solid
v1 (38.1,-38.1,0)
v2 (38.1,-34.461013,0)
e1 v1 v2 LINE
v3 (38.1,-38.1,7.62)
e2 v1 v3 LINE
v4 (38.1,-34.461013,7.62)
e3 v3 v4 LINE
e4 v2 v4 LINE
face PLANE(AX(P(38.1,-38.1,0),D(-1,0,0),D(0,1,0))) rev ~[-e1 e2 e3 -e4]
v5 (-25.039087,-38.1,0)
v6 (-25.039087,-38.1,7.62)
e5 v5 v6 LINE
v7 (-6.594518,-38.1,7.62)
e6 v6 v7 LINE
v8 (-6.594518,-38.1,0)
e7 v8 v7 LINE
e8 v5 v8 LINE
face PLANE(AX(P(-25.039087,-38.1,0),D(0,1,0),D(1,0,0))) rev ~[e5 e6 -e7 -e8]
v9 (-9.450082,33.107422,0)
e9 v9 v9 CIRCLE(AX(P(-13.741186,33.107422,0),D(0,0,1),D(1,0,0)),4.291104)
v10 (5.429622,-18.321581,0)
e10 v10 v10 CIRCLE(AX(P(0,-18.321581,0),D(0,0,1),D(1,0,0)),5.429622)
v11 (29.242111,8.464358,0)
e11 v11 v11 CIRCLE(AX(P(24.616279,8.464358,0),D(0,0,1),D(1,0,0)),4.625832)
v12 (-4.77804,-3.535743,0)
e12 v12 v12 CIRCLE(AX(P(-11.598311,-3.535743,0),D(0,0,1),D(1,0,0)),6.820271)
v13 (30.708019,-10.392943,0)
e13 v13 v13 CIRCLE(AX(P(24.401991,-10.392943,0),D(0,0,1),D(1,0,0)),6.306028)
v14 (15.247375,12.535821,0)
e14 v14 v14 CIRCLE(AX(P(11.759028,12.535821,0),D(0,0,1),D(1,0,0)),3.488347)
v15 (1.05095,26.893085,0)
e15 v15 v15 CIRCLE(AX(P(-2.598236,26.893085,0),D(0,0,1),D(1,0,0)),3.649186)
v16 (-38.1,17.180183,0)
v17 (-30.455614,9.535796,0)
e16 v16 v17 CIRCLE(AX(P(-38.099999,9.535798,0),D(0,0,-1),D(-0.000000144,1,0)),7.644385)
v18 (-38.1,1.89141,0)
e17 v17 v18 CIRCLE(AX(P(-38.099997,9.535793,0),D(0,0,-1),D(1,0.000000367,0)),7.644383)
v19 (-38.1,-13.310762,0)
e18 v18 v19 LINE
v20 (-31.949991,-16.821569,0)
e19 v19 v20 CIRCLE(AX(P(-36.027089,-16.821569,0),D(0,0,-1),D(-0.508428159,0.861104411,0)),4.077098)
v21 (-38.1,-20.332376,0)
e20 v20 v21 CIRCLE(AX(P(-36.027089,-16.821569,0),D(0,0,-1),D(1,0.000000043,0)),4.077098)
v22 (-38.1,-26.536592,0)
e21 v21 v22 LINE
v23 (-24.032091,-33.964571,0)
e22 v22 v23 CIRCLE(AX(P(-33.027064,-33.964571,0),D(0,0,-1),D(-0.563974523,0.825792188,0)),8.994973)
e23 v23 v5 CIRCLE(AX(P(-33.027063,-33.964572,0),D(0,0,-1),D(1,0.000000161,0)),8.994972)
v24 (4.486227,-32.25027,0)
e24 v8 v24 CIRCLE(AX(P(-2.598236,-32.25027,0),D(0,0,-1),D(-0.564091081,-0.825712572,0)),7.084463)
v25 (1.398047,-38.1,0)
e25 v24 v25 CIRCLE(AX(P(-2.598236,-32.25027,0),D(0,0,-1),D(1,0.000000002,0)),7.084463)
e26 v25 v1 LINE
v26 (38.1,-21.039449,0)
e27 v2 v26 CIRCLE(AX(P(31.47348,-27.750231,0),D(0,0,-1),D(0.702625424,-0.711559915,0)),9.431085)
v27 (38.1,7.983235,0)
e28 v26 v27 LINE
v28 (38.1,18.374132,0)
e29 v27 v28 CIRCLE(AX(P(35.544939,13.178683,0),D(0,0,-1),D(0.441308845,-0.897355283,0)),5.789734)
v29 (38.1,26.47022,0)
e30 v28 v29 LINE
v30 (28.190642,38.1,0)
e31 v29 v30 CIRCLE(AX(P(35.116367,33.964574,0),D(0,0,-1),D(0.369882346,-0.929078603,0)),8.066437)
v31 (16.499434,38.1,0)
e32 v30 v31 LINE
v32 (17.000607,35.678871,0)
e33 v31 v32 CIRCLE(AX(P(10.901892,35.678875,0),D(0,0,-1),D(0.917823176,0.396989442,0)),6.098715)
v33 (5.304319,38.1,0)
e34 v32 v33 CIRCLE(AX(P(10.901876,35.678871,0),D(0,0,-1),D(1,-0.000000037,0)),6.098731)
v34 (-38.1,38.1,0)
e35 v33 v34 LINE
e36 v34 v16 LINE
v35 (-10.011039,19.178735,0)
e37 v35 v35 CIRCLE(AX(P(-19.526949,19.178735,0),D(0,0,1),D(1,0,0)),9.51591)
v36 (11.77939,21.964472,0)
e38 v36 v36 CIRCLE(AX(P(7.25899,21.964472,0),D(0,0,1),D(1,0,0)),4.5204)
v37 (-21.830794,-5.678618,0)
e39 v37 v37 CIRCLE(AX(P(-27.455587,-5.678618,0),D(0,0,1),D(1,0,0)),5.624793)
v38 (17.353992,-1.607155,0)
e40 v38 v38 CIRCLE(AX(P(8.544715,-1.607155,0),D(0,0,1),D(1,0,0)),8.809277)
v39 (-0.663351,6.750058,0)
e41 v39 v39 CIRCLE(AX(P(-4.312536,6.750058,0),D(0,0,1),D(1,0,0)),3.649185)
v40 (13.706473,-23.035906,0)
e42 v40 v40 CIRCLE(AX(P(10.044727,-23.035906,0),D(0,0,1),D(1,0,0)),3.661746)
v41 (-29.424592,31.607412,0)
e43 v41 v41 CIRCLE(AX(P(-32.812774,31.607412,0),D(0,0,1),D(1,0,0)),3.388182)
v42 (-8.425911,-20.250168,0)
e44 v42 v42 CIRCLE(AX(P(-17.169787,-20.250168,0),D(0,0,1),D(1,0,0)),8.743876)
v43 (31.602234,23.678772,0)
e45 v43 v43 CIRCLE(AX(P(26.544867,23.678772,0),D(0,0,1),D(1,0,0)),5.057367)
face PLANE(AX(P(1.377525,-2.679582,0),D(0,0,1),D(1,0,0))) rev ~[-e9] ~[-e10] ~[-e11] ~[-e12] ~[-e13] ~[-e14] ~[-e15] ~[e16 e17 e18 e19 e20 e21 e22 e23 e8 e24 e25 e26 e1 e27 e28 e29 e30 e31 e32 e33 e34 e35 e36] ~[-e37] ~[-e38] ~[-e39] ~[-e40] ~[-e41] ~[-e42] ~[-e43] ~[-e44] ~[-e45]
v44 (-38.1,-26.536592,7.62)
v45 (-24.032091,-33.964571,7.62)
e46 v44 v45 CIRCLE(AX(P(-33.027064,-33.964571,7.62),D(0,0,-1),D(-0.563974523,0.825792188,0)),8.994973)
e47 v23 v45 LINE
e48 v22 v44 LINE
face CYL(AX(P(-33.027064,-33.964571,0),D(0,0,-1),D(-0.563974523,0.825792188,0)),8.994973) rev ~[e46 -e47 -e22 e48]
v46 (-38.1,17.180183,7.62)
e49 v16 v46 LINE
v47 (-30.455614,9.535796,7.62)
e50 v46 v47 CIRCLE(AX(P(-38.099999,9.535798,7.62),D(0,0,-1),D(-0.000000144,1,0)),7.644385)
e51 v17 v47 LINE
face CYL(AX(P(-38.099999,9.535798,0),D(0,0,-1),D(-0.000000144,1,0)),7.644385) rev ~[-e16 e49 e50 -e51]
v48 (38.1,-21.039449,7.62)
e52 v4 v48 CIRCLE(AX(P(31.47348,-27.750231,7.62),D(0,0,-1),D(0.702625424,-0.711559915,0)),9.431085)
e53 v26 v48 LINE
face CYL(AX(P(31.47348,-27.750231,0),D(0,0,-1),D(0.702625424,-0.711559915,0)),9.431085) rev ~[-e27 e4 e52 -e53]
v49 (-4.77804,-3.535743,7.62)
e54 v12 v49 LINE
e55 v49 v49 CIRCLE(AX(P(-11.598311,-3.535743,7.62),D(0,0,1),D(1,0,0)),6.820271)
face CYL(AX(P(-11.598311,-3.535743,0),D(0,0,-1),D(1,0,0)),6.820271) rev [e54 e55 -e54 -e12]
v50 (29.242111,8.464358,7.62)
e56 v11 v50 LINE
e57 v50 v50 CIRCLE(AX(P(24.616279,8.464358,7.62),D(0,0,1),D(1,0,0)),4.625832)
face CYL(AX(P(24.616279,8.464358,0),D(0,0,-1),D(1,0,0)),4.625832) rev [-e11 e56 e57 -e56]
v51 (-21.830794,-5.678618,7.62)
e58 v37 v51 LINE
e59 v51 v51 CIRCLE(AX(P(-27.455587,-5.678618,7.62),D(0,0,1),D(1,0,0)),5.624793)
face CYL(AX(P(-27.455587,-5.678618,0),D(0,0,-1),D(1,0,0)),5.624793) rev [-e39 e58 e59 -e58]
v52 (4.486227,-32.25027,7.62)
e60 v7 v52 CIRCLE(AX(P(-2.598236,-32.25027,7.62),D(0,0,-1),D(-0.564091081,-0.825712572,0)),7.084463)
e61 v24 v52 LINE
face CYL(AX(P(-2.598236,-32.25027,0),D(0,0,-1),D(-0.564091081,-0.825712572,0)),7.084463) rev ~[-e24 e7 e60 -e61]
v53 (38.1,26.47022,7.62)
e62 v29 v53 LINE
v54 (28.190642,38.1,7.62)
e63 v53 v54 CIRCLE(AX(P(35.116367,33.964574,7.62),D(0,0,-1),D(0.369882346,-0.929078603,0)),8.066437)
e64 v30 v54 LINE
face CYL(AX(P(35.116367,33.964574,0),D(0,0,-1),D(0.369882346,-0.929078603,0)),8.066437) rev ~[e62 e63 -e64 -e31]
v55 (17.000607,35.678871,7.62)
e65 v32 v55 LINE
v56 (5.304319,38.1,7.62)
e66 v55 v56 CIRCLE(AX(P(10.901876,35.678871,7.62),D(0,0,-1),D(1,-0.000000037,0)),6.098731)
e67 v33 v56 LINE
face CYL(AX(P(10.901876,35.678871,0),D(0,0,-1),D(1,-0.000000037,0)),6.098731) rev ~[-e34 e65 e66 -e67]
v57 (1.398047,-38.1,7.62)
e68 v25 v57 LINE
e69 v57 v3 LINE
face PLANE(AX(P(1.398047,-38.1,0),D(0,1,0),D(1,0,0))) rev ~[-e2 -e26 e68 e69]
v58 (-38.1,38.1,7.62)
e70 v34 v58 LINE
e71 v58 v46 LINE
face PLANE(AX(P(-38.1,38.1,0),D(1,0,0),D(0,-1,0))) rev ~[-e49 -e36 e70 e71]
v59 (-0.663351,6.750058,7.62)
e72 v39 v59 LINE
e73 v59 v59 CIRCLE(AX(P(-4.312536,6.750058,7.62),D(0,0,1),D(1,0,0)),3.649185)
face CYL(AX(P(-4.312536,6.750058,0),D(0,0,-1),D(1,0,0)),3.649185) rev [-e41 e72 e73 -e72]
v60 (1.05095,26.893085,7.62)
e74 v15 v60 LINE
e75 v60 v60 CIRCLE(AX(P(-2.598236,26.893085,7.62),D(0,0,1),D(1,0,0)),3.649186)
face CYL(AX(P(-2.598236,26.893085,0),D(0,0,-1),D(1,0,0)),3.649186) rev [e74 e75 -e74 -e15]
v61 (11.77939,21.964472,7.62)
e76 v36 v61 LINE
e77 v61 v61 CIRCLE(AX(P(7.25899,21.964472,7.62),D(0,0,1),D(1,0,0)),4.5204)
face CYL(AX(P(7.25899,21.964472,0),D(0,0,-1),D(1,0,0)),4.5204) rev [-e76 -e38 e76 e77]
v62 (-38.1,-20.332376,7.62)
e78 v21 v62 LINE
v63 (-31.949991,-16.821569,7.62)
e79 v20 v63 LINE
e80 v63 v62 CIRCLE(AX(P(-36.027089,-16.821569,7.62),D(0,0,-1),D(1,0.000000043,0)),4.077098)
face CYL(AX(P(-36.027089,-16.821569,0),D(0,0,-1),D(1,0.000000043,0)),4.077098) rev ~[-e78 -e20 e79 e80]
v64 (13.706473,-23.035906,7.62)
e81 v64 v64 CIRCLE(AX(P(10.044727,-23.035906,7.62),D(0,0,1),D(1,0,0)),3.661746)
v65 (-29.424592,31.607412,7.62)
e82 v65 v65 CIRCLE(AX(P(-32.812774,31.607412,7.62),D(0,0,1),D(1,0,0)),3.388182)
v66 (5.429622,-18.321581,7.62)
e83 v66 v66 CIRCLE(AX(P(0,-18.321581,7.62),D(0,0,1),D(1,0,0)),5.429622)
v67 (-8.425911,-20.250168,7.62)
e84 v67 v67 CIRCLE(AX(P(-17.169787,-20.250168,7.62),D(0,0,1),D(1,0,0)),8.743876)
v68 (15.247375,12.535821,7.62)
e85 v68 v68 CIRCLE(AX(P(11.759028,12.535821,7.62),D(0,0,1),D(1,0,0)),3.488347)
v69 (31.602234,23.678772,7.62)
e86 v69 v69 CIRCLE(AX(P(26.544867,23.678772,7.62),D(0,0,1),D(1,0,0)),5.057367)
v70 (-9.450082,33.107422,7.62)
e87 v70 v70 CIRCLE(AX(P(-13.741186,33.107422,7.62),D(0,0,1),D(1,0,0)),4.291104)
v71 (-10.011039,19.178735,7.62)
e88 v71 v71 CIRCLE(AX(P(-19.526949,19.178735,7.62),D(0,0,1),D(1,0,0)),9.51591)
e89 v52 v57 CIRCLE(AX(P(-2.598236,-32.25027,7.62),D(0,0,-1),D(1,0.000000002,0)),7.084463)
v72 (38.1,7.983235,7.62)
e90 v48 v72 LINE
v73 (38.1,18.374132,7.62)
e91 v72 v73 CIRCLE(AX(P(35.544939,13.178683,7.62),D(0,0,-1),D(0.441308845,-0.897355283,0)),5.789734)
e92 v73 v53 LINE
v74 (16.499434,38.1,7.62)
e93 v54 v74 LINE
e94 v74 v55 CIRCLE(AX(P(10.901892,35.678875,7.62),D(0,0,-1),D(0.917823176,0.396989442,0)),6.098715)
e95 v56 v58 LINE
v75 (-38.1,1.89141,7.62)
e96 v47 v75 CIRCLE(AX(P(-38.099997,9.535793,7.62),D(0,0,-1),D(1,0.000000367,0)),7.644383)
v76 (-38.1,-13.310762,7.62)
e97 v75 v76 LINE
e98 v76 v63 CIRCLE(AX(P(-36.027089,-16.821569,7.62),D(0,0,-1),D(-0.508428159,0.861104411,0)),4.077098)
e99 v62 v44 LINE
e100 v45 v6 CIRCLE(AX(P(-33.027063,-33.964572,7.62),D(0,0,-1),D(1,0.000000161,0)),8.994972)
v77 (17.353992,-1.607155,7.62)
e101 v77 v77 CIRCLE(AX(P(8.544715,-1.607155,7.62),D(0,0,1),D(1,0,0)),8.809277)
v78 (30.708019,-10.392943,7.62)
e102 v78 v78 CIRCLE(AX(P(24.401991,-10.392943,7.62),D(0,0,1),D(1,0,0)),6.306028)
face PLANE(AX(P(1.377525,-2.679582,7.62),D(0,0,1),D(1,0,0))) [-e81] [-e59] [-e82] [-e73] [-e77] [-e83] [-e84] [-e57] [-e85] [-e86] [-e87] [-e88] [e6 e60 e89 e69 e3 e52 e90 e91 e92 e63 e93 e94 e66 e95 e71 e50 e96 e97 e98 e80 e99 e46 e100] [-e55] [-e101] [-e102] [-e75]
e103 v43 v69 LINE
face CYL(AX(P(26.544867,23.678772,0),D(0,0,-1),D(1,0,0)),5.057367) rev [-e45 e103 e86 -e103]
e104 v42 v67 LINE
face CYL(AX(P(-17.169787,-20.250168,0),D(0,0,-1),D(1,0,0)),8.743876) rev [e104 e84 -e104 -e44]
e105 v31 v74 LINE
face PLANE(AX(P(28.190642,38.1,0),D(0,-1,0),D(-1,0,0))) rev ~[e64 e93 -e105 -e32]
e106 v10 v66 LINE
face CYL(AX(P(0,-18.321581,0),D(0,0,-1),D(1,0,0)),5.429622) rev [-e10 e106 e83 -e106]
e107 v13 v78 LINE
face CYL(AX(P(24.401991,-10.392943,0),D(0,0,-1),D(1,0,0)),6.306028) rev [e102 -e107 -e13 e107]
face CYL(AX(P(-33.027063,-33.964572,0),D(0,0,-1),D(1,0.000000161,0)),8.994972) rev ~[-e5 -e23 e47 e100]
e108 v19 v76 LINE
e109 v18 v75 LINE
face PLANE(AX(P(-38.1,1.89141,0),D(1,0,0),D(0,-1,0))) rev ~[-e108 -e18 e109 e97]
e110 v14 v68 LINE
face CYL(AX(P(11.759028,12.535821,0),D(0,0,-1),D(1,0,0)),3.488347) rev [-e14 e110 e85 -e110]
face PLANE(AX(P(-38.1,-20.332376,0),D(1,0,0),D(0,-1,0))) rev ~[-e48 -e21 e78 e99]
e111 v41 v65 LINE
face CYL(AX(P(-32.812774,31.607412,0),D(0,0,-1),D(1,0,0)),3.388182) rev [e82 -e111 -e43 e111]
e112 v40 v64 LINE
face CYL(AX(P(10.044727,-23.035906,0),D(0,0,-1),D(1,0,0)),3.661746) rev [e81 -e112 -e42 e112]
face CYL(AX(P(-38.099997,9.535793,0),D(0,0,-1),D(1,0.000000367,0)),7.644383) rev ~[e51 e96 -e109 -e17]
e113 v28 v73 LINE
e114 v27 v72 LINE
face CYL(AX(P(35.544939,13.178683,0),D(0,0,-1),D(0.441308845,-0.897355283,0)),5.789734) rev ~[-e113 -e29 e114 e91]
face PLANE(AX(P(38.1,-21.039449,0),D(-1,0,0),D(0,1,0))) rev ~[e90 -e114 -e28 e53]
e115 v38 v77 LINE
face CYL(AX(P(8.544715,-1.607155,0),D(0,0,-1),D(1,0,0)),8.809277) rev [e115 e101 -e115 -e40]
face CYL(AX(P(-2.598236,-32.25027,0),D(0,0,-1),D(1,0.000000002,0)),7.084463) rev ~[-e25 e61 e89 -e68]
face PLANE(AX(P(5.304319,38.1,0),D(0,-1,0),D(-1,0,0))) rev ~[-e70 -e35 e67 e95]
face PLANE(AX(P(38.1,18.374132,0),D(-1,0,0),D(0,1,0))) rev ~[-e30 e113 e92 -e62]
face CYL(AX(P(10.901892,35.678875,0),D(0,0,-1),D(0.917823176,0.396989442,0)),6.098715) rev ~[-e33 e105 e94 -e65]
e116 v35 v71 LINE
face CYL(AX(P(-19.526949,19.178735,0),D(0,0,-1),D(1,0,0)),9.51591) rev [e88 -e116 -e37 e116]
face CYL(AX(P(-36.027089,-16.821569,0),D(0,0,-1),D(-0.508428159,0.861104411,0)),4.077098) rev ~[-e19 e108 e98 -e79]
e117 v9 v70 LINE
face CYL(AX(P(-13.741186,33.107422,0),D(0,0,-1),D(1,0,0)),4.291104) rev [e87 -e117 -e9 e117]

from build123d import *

# Parameters (mm, degrees)
F0_R     = 5.624793
F0_R_2   = 8.743876
F0_R_3   = 6.820271
F0_R_4   = 3.661746
F0_R_5   = 5.429622
F0_R_6   = 8.809277
F0_R_7   = 6.306028
F0_R_8   = 3.649185
F0_R_9   = 9.51591
F0_R_10  = 3.388182
F0_R_11  = 3.649186
F0_R_12  = 4.291104
F0_R_13  = 3.488347
F0_R_14  = 4.625832
F0_R_15  = 4.5204
F0_R_16  = 5.057367
F1_DEPTH = 7.62


with BuildPart() as f1:
    # F0 (on Top) → F1 (new body)
    with BuildSketch(Plane.XY):
        with BuildLine():
            ThreePointArc((38.1, 26.47022), (28.9765, 28.732993), (28.190642, 38.1))
            Line((28.190642, 38.1), (16.499434, 38.1))
            ThreePointArc((16.499434, 38.1), (16.874, 36.915099), (17.000607, 35.678871))
            ThreePointArc((17.000607, 35.678871), (9.665649, 29.706748), (5.304319, 38.1))
            Line((5.304319, 38.1), (-38.1, 38.1))
            Line((-38.1, 38.1), (-38.1, 17.180183))
            ThreePointArc((-38.1, 17.180183), (-32.694602, 14.941194), (-30.455614, 9.535796))
            ThreePointArc((-30.455614, 9.535796), (-32.694602, 4.130398), (-38.1, 1.89141))
            Line((-38.1, 1.89141), (-38.1, -13.310762))
            ThreePointArc((-38.1, -13.310762), (-34.005794, -13.280793), (-31.949991, -16.821569))
            ThreePointArc((-31.949991, -16.821569), (-34.005794, -20.362345), (-38.1, -20.332376))
            Line((-38.1, -20.332376), (-38.1, -26.536592))
            ThreePointArc((-38.1, -26.536592), (-28.827146, -26.010312), (-24.032091, -33.964571))
            ThreePointArc((-24.032091, -33.964571), (-24.287465, -36.092705), (-25.039087, -38.1))
            Line((-25.039087, -38.1), (-6.594518, -38.1))
            ThreePointArc((-6.594518, -38.1), (-5.905659, -25.985243), (4.486227, -32.25027))
            ThreePointArc((4.486227, -32.25027), (3.666791, -35.557694), (1.398047, -38.1))
            Line((1.398047, -38.1), (38.1, -38.1))
            Line((38.1, -38.1), (38.1, -34.461013))
            ThreePointArc((38.1, -34.461013), (22.042395, -27.750231), (38.1, -21.039449))
            Line((38.1, -21.039449), (38.1, 7.983235))
            ThreePointArc((38.1, 7.983235), (29.755205, 13.178684), (38.1, 18.374132))
            Line((38.1, 18.374132), (38.1, 26.47022))
        make_face()
        with Locations((-27.455587, -5.678618)):
            Circle(F0_R, mode=Mode.SUBTRACT)
        with Locations((-17.169787, -20.250168)):
            Circle(F0_R_2, mode=Mode.SUBTRACT)
        with Locations((-11.598311, -3.535743)):
            Circle(F0_R_3, mode=Mode.SUBTRACT)
        with Locations((10.044727, -23.035906)):
            Circle(F0_R_4, mode=Mode.SUBTRACT)
        with Locations((0, -18.321581)):
            Circle(F0_R_5, mode=Mode.SUBTRACT)
        with Locations((8.544715, -1.607155)):
            Circle(F0_R_6, mode=Mode.SUBTRACT)
        with Locations((24.401991, -10.392943)):
            Circle(F0_R_7, mode=Mode.SUBTRACT)
        with Locations((-4.312536, 6.750058)):
            Circle(F0_R_8, mode=Mode.SUBTRACT)
        with Locations((-19.526949, 19.178735)):
            Circle(F0_R_9, mode=Mode.SUBTRACT)
        with Locations((-32.812774, 31.607412)):
            Circle(F0_R_10, mode=Mode.SUBTRACT)
        with Locations((-2.598236, 26.893085)):
            Circle(F0_R_11, mode=Mode.SUBTRACT)
        with Locations((-13.741186, 33.107422)):
            Circle(F0_R_12, mode=Mode.SUBTRACT)
        with Locations((11.759028, 12.535821)):
            Circle(F0_R_13, mode=Mode.SUBTRACT)
        with Locations((24.616279, 8.464358)):
            Circle(F0_R_14, mode=Mode.SUBTRACT)
        with Locations((7.25899, 21.964472)):
            Circle(F0_R_15, mode=Mode.SUBTRACT)
        with Locations((26.544867, 23.678772)):
            Circle(F0_R_16, mode=Mode.SUBTRACT)
    extrude(amount=F1_DEPTH)


solid = f1.part
